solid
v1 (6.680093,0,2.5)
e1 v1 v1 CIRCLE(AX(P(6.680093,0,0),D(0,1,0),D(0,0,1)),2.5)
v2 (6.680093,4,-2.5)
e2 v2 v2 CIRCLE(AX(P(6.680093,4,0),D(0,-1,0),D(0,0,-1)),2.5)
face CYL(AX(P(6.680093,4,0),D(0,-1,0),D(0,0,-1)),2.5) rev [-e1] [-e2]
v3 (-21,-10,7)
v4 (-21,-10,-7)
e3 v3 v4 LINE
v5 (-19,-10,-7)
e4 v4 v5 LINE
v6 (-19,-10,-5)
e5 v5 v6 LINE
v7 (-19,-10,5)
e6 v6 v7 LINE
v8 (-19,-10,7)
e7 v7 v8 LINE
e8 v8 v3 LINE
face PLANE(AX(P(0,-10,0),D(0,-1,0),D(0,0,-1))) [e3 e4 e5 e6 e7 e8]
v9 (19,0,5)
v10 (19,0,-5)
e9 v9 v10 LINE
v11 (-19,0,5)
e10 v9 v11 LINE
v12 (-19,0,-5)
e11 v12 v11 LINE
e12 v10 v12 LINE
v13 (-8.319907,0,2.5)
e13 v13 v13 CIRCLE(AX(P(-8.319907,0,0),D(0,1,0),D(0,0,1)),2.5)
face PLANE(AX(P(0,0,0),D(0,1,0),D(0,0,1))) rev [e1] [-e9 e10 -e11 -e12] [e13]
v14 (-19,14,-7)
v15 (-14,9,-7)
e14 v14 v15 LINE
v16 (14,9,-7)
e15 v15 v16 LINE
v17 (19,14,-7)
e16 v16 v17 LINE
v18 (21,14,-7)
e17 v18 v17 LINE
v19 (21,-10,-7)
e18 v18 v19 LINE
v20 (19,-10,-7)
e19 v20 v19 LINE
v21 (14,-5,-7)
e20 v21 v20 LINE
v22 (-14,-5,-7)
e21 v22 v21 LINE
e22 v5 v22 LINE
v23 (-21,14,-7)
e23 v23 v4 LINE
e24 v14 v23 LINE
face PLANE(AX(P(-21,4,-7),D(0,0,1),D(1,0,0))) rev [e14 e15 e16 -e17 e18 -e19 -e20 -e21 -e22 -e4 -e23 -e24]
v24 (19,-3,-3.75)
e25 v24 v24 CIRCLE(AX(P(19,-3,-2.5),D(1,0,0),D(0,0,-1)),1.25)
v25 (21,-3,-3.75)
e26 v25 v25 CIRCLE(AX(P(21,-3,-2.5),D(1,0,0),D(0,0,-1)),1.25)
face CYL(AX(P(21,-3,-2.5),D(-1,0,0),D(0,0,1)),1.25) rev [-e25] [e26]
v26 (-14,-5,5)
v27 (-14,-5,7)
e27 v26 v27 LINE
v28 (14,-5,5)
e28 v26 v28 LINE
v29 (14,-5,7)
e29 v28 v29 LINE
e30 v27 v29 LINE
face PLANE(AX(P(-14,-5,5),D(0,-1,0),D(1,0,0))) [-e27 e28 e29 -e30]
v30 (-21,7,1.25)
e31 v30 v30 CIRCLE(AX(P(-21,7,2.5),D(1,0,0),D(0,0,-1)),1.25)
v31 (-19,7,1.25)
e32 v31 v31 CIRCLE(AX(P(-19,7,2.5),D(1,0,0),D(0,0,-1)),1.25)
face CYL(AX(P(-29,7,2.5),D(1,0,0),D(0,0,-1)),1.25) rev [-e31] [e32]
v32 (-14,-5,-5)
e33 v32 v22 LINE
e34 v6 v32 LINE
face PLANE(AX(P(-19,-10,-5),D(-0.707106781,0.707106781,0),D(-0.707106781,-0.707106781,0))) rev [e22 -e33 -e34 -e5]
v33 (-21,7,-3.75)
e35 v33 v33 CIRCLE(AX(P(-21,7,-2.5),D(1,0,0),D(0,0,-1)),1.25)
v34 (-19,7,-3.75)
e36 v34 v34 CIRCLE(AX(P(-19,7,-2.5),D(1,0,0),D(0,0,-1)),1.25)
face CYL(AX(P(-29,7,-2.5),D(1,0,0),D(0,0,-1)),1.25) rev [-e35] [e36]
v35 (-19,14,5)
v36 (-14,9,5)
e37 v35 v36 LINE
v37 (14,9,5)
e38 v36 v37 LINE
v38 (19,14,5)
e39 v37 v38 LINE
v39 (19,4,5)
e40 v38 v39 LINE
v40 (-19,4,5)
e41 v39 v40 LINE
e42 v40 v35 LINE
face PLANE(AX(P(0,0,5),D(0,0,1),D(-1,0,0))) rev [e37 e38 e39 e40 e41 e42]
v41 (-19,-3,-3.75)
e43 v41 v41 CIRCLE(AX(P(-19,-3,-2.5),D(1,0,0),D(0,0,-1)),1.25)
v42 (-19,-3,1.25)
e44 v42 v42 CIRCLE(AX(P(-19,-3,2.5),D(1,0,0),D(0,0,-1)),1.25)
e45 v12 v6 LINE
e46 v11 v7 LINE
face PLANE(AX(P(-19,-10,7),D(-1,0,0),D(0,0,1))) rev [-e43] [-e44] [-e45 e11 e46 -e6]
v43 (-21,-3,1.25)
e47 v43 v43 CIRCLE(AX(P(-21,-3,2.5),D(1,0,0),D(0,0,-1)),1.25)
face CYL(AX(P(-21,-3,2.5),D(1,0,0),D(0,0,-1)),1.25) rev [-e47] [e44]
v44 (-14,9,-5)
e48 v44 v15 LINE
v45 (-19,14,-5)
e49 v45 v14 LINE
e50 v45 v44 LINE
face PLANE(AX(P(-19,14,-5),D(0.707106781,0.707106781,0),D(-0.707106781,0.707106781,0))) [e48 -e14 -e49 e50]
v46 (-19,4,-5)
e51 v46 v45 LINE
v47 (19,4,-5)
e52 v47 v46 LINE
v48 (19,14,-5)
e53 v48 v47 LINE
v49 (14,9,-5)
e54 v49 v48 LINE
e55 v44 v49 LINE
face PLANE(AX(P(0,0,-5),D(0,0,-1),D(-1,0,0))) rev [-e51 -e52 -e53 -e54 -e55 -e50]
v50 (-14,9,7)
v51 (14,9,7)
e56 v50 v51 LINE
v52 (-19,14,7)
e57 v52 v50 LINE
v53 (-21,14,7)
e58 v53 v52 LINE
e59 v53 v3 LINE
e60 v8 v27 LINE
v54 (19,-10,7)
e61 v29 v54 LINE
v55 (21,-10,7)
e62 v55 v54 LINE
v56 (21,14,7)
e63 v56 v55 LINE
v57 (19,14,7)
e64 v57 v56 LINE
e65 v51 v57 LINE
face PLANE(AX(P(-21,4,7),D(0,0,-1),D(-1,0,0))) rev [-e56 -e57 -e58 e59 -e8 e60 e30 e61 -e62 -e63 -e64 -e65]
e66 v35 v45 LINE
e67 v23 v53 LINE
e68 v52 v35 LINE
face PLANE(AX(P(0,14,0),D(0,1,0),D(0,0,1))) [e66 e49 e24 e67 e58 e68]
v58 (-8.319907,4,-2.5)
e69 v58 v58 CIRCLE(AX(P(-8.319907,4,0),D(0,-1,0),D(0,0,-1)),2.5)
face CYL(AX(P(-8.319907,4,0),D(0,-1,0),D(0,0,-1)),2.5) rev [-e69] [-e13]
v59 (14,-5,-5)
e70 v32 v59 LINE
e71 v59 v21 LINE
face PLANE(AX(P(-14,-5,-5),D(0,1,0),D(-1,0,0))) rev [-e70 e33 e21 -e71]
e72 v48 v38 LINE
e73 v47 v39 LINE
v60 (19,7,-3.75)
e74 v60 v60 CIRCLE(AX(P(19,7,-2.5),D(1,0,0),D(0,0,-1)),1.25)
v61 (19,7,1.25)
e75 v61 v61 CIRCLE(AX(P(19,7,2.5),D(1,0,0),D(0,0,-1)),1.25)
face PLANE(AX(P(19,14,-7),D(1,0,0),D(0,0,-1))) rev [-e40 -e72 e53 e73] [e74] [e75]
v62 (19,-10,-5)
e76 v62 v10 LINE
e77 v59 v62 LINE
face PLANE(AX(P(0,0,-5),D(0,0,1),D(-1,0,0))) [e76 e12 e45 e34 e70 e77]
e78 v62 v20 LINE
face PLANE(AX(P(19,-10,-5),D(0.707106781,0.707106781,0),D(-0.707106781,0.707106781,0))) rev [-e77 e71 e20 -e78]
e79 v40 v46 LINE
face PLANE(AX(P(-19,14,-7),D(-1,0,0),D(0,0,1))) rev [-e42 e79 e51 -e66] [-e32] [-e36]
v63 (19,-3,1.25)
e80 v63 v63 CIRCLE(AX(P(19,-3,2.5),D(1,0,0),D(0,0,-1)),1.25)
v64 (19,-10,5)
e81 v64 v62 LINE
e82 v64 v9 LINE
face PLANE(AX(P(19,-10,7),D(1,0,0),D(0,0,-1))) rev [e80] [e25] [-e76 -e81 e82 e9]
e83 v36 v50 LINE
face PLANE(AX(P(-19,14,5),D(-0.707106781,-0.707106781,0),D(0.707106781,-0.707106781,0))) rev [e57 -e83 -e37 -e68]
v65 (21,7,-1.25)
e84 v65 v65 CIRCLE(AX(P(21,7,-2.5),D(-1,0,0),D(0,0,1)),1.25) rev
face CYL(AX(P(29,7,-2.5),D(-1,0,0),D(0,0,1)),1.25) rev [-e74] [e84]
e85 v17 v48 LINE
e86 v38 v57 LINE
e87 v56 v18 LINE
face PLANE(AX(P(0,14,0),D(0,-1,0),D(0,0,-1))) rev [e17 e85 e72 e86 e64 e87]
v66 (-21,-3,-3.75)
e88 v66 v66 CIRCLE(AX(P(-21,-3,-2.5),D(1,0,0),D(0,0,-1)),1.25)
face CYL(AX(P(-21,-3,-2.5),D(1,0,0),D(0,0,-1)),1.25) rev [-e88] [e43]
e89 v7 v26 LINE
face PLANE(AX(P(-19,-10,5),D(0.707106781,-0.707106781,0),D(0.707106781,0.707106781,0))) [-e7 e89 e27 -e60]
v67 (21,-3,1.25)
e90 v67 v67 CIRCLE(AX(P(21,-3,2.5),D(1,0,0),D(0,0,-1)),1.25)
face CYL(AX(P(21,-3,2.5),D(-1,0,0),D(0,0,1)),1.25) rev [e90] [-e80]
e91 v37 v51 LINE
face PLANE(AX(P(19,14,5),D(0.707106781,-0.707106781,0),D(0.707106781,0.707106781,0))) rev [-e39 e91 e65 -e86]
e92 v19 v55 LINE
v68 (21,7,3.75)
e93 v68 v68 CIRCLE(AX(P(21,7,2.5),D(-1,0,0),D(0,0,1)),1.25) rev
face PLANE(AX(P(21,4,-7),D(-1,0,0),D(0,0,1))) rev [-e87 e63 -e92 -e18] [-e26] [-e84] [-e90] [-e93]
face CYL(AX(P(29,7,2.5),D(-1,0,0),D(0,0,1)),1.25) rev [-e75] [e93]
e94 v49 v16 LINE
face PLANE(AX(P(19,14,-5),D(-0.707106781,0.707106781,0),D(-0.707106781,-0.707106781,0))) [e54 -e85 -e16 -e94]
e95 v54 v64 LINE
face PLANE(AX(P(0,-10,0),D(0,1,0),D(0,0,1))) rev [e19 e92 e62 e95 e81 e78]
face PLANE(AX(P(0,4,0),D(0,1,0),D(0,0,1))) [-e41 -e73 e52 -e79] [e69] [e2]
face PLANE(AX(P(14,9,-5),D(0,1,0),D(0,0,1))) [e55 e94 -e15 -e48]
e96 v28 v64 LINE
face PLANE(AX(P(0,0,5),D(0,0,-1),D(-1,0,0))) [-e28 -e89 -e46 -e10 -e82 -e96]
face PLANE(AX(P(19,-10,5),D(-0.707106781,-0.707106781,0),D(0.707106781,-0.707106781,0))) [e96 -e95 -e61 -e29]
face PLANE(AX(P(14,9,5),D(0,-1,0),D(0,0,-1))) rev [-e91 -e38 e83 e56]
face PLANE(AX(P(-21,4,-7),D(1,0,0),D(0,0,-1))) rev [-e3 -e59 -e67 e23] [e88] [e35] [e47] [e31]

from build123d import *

# Parameters (mm, degrees)
SKETCH2_W               = 42
SKETCH2_H               = 14
BOSS_EXTRUDE1_DEPTH     = 4
SKETCH3_W               = 2
SKETCH3_H               = 14
BOSS_EXTRUDE2_DEPTH     = 10
BOSS_EXTRUDE3_DEPTH     = 2
SKETCH5_R               = 2.5
CUT_EXTRUDE1_DEPTH      = 11
CUT_EXTRUDE1_DEPTH_BACK = 5
SKETCH6_R               = 1.25
CUT_EXTRUDE2_DEPTH      = 2
SKETCH7_W               = 2
SKETCH7_H               = 14
BOSS_EXTRUDE4_DEPTH     = 10
SKETCH8_R               = 1.25
CUT_EXTRUDE3_DEPTH      = 10
BOSS_EXTRUDE5_DEPTH     = 2


with BuildPart() as part:
    # Sketch2 → Boss-Extrude1 (new body)
    with BuildSketch(Plane(origin=(0, 0, 0), x_dir=(1, 0, 0), z_dir=(0, 1, 0))):
        Rectangle(SKETCH2_W, SKETCH2_H)
    extrude(amount=BOSS_EXTRUDE1_DEPTH)

    # Sketch3 → Boss-Extrude2 (add)
    with BuildSketch(Plane.XZ):
        with Locations((-20, 0)):
            Rectangle(SKETCH3_W, SKETCH3_H)
        with Locations((20, 0)):
            Rectangle(SKETCH3_W, SKETCH3_H)
    extrude(amount=BOSS_EXTRUDE2_DEPTH)

    # Sketch4 → Boss-Extrude3 (add)
    with BuildSketch(Plane.XY.offset(7)):
        Polygon((-14, -5), (14, -5), (19, -10), (19, 0), (-19, 0), (-19, -10), align=None)
    boss_extrude3 = extrude(amount=-BOSS_EXTRUDE3_DEPTH)

    # Mirror1: Boss-Extrude3 across plane
    add(boss_extrude3.mirror(Plane.XY))

    # Sketch5 → Cut-Extrude1 (cut, two sides)
    with BuildSketch(Plane.XZ) as cut_extrude1_sk:
        with Locations((-8.319906625, 0)):
            Circle(SKETCH5_R)
        with Locations((6.680093375, 0)):
            Circle(SKETCH5_R)
    extrude(amount=CUT_EXTRUDE1_DEPTH, mode=Mode.SUBTRACT)
    extrude(cut_extrude1_sk.sketch, amount=-CUT_EXTRUDE1_DEPTH_BACK, mode=Mode.SUBTRACT)

    # Sketch6 → Cut-Extrude2 (cut)
    with BuildSketch(Plane(origin=(-19, 0, 0), x_dir=(0, 0, -1), z_dir=(1, 0, 0))):
        with Locations((-2.5, -3)):
            Circle(SKETCH6_R)
        with Locations((2.5, -3)):
            Circle(SKETCH6_R)
    cut_extrude2 = extrude(amount=-CUT_EXTRUDE2_DEPTH, mode=Mode.SUBTRACT)

    # Mirror2: Cut-Extrude2 across plane
    add(cut_extrude2.mirror(Plane(origin=(0, 0, 0), x_dir=(0, 0, 1), z_dir=(1, 0, 0))), mode=Mode.SUBTRACT)

    # Sketch7 → Boss-Extrude4 (add)
    with BuildSketch(Plane(origin=(0, 4, 0), x_dir=(1, 0, 0), z_dir=(0, 1, 0))):
        with Locations((-20, 0)):
            Rectangle(SKETCH7_W, SKETCH7_H)
        with Locations((20, 0)):
            Rectangle(SKETCH7_W, SKETCH7_H)
    extrude(amount=BOSS_EXTRUDE4_DEPTH)

    # Sketch8 → Cut-Extrude3 (cut)
    with BuildSketch(Plane(origin=(-19, 0, 0), x_dir=(0, 0, -1), z_dir=(1, 0, 0))):
        with Locations((-2.5, 7)):
            Circle(SKETCH8_R)
        with Locations((2.5, 7)):
            Circle(SKETCH8_R)
    cut_extrude3 = extrude(amount=-CUT_EXTRUDE3_DEPTH, mode=Mode.SUBTRACT)

    # Mirror3: Cut-Extrude3 across plane
    add(cut_extrude3.mirror(Plane(origin=(0, 0, 0), x_dir=(0, 0, 1), z_dir=(1, 0, 0))), mode=Mode.SUBTRACT)

    # Sketch9 → Boss-Extrude5 (add)
    with BuildSketch(Plane(origin=(0, 0, -7), x_dir=(-1, 0, 0), z_dir=(0, 0, -1))):
        Polygon((19, 14), (19, 4), (-19, 4), (-19, 14), (-14, 9), (14, 9), align=None)
    boss_extrude5 = extrude(amount=-BOSS_EXTRUDE5_DEPTH)

    # Mirror4: Boss-Extrude5 across plane
    add(boss_extrude5.mirror(Plane.XY))


solid = part.part
